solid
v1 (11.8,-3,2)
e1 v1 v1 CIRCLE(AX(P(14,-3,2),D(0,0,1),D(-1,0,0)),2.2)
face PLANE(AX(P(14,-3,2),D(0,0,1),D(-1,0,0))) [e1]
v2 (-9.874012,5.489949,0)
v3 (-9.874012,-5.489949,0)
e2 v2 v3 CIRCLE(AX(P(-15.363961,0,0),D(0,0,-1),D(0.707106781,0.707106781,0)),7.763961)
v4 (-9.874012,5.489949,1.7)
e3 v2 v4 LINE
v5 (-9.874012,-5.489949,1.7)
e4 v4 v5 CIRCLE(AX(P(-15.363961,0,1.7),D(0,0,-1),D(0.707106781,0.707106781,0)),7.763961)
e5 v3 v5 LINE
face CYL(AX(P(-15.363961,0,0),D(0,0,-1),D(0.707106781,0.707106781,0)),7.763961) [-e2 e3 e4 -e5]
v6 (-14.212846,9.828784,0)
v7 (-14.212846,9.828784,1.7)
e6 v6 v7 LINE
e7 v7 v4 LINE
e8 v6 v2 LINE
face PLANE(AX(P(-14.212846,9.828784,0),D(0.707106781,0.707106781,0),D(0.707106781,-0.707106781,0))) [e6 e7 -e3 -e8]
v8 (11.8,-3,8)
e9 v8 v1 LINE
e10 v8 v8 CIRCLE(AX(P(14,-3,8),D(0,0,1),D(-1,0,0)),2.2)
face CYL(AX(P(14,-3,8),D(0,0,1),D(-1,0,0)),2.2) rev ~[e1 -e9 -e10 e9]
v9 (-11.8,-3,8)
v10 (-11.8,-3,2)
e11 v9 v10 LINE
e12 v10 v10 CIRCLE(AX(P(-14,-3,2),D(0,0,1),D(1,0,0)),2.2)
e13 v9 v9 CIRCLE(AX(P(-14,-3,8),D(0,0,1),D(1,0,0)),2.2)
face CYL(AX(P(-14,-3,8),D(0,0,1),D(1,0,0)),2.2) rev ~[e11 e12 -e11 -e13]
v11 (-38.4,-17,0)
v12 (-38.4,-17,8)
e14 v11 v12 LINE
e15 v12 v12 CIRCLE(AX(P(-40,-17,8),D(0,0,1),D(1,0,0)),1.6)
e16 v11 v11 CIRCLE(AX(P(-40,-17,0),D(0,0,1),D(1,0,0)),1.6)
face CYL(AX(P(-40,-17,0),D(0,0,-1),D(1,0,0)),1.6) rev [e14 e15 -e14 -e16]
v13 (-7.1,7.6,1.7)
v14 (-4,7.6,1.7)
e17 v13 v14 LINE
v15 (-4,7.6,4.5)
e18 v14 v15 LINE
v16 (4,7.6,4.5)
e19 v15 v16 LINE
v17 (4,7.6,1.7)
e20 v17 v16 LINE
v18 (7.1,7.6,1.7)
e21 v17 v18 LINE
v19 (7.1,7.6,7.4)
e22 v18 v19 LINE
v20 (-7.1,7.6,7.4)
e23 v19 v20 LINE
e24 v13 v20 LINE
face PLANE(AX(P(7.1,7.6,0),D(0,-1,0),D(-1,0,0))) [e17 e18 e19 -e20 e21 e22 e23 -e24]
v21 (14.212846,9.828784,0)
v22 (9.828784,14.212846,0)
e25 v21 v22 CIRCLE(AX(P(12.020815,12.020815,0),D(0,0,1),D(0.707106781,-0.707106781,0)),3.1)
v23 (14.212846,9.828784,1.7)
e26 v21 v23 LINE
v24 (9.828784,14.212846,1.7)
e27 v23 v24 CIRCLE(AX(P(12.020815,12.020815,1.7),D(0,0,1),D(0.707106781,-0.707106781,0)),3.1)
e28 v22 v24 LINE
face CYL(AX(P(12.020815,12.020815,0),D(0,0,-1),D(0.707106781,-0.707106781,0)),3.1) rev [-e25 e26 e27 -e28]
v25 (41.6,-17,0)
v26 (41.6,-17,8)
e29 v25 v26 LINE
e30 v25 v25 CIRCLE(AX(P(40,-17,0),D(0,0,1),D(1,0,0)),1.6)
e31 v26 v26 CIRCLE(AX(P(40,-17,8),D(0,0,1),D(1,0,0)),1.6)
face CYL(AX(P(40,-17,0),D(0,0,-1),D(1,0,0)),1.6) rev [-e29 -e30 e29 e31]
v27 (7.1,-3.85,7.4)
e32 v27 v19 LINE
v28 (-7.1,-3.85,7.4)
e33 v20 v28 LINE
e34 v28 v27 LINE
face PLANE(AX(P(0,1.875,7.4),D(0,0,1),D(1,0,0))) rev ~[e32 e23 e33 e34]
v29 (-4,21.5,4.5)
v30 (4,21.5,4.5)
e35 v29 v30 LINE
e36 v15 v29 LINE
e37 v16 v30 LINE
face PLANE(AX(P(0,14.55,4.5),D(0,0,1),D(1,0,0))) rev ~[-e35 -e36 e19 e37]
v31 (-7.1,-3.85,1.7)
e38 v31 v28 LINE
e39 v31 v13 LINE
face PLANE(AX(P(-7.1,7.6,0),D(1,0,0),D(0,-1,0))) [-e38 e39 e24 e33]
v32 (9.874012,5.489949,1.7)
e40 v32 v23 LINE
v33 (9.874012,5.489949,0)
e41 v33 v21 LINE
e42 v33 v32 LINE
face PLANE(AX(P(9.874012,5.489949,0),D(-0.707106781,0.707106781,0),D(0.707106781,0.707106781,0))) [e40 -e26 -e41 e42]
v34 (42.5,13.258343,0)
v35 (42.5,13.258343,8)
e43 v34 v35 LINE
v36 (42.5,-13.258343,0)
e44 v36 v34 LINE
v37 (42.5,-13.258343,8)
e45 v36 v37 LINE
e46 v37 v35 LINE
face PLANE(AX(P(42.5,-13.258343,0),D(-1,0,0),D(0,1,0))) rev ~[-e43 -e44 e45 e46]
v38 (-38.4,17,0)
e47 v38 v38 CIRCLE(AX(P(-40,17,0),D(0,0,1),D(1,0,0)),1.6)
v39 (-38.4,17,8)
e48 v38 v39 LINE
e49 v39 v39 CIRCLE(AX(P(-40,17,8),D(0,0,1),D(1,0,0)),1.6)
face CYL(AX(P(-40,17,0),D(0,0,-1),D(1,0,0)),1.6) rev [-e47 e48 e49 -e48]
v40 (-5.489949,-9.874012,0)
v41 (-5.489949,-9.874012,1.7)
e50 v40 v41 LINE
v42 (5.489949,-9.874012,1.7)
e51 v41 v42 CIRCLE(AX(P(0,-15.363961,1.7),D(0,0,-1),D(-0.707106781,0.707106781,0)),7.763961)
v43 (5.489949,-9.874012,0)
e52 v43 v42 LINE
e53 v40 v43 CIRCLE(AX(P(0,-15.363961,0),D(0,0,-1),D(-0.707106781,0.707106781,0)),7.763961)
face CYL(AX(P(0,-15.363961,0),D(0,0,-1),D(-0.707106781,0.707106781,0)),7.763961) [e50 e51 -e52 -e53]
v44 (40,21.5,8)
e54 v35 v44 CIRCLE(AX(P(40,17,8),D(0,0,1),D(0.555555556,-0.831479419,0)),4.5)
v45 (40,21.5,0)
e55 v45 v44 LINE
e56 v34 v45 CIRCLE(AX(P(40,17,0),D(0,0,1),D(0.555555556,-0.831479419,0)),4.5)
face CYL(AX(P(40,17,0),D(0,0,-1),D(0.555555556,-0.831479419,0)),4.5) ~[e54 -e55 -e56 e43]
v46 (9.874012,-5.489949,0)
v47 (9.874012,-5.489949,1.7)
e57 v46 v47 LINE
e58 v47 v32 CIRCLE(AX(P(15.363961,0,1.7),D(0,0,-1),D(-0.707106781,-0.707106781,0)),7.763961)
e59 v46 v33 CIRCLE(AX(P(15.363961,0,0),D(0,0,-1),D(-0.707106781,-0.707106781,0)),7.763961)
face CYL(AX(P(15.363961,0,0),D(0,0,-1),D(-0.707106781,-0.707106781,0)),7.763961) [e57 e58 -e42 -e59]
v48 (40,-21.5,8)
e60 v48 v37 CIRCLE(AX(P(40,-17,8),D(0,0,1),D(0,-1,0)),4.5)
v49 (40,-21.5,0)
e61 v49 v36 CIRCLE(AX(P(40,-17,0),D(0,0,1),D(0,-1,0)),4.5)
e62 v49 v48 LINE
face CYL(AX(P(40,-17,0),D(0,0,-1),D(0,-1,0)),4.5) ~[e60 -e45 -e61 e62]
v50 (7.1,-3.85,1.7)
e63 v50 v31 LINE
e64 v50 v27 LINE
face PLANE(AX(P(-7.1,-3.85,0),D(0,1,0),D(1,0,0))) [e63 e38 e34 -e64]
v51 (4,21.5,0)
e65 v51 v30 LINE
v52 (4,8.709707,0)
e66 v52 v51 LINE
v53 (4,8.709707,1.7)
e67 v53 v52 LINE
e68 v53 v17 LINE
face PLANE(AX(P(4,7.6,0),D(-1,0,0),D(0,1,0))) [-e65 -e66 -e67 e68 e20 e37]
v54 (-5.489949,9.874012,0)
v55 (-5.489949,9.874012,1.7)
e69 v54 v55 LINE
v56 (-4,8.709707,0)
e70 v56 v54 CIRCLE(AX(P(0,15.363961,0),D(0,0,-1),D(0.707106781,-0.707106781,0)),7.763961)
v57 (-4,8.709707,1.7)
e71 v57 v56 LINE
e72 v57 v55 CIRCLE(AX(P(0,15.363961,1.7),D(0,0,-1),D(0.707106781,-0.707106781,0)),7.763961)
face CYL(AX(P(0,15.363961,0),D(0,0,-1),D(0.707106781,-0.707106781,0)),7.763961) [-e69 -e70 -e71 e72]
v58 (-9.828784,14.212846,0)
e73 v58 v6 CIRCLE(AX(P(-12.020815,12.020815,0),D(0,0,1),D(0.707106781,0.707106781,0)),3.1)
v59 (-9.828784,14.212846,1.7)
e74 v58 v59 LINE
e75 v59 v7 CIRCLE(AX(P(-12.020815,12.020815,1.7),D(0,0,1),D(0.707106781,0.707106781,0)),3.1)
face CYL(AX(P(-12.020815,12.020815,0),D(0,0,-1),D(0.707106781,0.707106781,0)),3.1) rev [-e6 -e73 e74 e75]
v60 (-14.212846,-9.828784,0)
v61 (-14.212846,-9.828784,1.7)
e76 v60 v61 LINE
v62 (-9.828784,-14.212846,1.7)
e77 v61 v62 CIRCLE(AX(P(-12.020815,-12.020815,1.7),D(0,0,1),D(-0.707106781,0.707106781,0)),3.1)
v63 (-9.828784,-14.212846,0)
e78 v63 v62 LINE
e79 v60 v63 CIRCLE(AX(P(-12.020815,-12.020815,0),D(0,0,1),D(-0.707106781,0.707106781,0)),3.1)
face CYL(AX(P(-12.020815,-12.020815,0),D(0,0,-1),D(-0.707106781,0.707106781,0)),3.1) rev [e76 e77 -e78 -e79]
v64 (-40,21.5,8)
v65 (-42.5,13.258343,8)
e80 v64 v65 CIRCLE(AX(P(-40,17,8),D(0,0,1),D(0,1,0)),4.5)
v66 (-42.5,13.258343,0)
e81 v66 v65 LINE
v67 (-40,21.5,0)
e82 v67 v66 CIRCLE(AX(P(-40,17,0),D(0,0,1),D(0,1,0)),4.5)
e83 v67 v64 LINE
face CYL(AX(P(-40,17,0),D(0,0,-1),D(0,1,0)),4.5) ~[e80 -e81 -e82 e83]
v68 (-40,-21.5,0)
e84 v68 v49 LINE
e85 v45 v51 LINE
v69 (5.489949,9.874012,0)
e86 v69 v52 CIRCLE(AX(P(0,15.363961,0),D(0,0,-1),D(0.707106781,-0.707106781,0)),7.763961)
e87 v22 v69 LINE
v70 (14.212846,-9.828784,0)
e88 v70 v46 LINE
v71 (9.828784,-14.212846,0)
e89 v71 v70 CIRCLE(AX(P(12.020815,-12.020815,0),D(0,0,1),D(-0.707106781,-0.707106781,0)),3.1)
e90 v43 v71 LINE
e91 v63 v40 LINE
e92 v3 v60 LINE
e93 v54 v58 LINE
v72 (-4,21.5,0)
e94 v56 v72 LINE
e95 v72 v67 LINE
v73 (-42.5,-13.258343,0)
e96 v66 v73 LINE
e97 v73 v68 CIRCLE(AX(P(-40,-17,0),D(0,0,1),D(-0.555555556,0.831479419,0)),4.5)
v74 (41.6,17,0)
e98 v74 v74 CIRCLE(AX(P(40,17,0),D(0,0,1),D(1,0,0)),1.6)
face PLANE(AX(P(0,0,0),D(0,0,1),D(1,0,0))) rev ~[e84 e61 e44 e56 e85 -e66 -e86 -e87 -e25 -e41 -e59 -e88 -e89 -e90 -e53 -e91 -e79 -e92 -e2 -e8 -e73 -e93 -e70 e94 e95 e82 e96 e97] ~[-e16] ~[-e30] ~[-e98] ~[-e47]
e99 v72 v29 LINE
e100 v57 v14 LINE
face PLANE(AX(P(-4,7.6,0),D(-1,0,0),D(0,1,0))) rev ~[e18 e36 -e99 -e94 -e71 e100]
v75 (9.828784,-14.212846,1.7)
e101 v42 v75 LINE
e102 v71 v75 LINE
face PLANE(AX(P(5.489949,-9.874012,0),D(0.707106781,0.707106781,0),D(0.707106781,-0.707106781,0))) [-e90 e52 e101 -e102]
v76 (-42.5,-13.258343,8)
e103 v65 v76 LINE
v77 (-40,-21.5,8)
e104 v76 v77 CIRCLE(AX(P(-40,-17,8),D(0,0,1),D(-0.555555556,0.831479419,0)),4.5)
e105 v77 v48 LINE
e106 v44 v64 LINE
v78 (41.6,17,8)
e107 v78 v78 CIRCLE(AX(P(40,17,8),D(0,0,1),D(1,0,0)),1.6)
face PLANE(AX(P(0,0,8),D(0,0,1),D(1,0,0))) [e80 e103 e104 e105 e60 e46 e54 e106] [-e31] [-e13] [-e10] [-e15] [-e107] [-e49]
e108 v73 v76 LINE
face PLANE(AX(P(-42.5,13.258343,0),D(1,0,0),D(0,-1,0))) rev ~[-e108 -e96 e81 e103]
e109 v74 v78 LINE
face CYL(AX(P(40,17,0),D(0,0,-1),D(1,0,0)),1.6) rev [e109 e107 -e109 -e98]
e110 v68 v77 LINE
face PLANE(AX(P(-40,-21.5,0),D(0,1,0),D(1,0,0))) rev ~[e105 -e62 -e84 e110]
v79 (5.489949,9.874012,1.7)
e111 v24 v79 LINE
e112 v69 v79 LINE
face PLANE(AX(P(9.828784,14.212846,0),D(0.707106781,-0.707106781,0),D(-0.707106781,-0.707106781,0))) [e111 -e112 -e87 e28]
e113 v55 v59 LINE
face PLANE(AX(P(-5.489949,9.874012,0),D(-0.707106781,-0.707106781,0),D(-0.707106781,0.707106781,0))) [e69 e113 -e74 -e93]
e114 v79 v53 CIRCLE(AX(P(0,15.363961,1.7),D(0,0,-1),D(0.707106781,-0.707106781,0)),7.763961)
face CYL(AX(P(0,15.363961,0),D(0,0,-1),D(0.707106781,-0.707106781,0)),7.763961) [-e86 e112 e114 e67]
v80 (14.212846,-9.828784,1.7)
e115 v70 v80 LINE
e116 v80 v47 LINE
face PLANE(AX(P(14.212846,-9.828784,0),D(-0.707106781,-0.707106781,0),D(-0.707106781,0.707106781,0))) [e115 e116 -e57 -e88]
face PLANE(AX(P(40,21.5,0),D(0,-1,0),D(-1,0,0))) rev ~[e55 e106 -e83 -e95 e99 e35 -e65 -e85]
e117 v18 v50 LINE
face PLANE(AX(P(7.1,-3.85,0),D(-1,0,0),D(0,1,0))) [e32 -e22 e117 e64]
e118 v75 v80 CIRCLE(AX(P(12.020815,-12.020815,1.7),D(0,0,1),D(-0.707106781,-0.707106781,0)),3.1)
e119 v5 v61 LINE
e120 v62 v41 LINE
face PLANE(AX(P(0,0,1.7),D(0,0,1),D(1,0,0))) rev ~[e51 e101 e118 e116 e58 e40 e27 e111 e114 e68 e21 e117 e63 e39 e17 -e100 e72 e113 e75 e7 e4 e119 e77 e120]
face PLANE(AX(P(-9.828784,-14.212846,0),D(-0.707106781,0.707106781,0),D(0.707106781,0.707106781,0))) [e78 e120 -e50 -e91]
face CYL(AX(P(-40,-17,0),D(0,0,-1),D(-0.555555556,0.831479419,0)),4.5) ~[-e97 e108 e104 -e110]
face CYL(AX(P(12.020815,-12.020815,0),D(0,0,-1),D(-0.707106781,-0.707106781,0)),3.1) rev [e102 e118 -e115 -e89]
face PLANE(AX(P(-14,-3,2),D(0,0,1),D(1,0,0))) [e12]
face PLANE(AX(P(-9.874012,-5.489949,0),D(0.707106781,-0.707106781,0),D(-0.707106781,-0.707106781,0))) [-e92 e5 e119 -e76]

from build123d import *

# Parameters (mm, degrees)
SKETCH1_R           = 1.6
BOSS_EXTRUDE1_DEPTH = 8
CUT_EXTRUDE4_DEPTH  = 1.7
CUT_EXTRUDE5_DEPTH  = 7.4
SKETCH1_9_W         = 8
SKETCH1_9_H         = 13.9
CUT_EXTRUDE6_DEPTH  = 4.5
SKETCH2_R           = 2.2
CUT_EXTRUDE11_DEPTH = 6


with BuildPart() as part:
    # Sketch1 → Boss-Extrude1 (new body)
    with BuildSketch(Plane.XY):
        with BuildLine():
            Line((-42.5, 13.258342613), (-42.5, -13.258342613))
            ThreePointArc((-42.5, -13.258342613), (-44.30624304, -18.30624304), (-40, -21.5))
            Line((-40, -21.5), (40, -21.5))
            ThreePointArc((40, -21.5), (44.30624304, -18.30624304), (42.5, -13.258342613))
            Line((42.5, -13.258342613), (42.5, 13.258342613))
            ThreePointArc((42.5, 13.258342613), (44.30624304, 18.30624304), (40, 21.5))
            Line((40, 21.5), (-40, 21.5))
            ThreePointArc((-40, 21.5), (-44.30624304, 18.30624304), (-42.5, 13.258342613))
        make_face()
        with Locations((-40, -17)):
            Circle(SKETCH1_R, mode=Mode.SUBTRACT)
        with Locations((40, -17)):
            Circle(SKETCH1_R, mode=Mode.SUBTRACT)
        with Locations((-40, 17)):
            Circle(SKETCH1_R, mode=Mode.SUBTRACT)
        with Locations((40, 17)):
            Circle(SKETCH1_R, mode=Mode.SUBTRACT)
    extrude(amount=BOSS_EXTRUDE1_DEPTH)

    # Sketch1<7> → Cut-Extrude4 (cut)
    with BuildSketch(Plane.XY):
        with BuildLine():
            Line((-5.489949494, 9.874011537), (-9.828784258, 14.212846302))
            ThreePointArc((-9.828784258, 14.212846302), (-14.212846302, 14.212846302), (-14.212846302, 9.828784258))
            Line((-14.212846302, 9.828784258), (-9.874011537, 5.489949494))
            ThreePointArc((-9.874011537, 5.489949494), (-7.6, 0), (-9.874011537, -5.489949494))
            Line((-9.874011537, -5.489949494), (-14.212846302, -9.828784258))
            ThreePointArc((-14.212846302, -9.828784258), (-14.212846302, -14.212846302), (-9.828784258, -14.212846302))
            Line((-9.828784258, -14.212846302), (-5.489949494, -9.874011537))
            ThreePointArc((-5.489949494, -9.874011537), (0, -7.6), (5.489949494, -9.874011537))
            Line((5.489949494, -9.874011537), (9.828784258, -14.212846302))
            ThreePointArc((9.828784258, -14.212846302), (14.212846302, -14.212846302), (14.212846302, -9.828784258))
            Line((14.212846302, -9.828784258), (9.874011537, -5.489949494))
            ThreePointArc((9.874011537, -5.489949494), (7.6, 0), (9.874011537, 5.489949494))
            Line((9.874011537, 5.489949494), (14.212846302, 9.828784258))
            ThreePointArc((14.212846302, 9.828784258), (14.212846302, 14.212846302), (9.828784258, 14.212846302))
            Line((9.828784258, 14.212846302), (5.489949494, 9.874011537))
            ThreePointArc((5.489949494, 9.874011537), (0, 7.6), (-5.489949494, 9.874011537))
        make_face()
    extrude(amount=CUT_EXTRUDE4_DEPTH, mode=Mode.SUBTRACT)

    # Sketch1<8> → Cut-Extrude5 (cut)
    with BuildSketch(Plane.XY):
        Polygon((-7.1, -3.85), (7.1, -3.85), (7.1, 3.85), (7.1, 7.6), (-7.1, 7.6), (-7.1, 3.85), align=None)
    extrude(amount=CUT_EXTRUDE5_DEPTH, mode=Mode.SUBTRACT)

    # Sketch1<9> → Cut-Extrude6 (cut)
    with BuildSketch(Plane.XY):
        with Locations((0, 14.55)):
            Rectangle(SKETCH1_9_W, SKETCH1_9_H)
    extrude(amount=CUT_EXTRUDE6_DEPTH, mode=Mode.SUBTRACT)

    # Sketch2 → Cut-Extrude11 (cut)
    with BuildSketch(Plane.XY.offset(8)):
        with Locations((-14, -3)):
            Circle(SKETCH2_R)
        with Locations((14, -3)):
            Circle(SKETCH2_R)
    extrude(amount=-CUT_EXTRUDE11_DEPTH, mode=Mode.SUBTRACT)


solid = part.part
